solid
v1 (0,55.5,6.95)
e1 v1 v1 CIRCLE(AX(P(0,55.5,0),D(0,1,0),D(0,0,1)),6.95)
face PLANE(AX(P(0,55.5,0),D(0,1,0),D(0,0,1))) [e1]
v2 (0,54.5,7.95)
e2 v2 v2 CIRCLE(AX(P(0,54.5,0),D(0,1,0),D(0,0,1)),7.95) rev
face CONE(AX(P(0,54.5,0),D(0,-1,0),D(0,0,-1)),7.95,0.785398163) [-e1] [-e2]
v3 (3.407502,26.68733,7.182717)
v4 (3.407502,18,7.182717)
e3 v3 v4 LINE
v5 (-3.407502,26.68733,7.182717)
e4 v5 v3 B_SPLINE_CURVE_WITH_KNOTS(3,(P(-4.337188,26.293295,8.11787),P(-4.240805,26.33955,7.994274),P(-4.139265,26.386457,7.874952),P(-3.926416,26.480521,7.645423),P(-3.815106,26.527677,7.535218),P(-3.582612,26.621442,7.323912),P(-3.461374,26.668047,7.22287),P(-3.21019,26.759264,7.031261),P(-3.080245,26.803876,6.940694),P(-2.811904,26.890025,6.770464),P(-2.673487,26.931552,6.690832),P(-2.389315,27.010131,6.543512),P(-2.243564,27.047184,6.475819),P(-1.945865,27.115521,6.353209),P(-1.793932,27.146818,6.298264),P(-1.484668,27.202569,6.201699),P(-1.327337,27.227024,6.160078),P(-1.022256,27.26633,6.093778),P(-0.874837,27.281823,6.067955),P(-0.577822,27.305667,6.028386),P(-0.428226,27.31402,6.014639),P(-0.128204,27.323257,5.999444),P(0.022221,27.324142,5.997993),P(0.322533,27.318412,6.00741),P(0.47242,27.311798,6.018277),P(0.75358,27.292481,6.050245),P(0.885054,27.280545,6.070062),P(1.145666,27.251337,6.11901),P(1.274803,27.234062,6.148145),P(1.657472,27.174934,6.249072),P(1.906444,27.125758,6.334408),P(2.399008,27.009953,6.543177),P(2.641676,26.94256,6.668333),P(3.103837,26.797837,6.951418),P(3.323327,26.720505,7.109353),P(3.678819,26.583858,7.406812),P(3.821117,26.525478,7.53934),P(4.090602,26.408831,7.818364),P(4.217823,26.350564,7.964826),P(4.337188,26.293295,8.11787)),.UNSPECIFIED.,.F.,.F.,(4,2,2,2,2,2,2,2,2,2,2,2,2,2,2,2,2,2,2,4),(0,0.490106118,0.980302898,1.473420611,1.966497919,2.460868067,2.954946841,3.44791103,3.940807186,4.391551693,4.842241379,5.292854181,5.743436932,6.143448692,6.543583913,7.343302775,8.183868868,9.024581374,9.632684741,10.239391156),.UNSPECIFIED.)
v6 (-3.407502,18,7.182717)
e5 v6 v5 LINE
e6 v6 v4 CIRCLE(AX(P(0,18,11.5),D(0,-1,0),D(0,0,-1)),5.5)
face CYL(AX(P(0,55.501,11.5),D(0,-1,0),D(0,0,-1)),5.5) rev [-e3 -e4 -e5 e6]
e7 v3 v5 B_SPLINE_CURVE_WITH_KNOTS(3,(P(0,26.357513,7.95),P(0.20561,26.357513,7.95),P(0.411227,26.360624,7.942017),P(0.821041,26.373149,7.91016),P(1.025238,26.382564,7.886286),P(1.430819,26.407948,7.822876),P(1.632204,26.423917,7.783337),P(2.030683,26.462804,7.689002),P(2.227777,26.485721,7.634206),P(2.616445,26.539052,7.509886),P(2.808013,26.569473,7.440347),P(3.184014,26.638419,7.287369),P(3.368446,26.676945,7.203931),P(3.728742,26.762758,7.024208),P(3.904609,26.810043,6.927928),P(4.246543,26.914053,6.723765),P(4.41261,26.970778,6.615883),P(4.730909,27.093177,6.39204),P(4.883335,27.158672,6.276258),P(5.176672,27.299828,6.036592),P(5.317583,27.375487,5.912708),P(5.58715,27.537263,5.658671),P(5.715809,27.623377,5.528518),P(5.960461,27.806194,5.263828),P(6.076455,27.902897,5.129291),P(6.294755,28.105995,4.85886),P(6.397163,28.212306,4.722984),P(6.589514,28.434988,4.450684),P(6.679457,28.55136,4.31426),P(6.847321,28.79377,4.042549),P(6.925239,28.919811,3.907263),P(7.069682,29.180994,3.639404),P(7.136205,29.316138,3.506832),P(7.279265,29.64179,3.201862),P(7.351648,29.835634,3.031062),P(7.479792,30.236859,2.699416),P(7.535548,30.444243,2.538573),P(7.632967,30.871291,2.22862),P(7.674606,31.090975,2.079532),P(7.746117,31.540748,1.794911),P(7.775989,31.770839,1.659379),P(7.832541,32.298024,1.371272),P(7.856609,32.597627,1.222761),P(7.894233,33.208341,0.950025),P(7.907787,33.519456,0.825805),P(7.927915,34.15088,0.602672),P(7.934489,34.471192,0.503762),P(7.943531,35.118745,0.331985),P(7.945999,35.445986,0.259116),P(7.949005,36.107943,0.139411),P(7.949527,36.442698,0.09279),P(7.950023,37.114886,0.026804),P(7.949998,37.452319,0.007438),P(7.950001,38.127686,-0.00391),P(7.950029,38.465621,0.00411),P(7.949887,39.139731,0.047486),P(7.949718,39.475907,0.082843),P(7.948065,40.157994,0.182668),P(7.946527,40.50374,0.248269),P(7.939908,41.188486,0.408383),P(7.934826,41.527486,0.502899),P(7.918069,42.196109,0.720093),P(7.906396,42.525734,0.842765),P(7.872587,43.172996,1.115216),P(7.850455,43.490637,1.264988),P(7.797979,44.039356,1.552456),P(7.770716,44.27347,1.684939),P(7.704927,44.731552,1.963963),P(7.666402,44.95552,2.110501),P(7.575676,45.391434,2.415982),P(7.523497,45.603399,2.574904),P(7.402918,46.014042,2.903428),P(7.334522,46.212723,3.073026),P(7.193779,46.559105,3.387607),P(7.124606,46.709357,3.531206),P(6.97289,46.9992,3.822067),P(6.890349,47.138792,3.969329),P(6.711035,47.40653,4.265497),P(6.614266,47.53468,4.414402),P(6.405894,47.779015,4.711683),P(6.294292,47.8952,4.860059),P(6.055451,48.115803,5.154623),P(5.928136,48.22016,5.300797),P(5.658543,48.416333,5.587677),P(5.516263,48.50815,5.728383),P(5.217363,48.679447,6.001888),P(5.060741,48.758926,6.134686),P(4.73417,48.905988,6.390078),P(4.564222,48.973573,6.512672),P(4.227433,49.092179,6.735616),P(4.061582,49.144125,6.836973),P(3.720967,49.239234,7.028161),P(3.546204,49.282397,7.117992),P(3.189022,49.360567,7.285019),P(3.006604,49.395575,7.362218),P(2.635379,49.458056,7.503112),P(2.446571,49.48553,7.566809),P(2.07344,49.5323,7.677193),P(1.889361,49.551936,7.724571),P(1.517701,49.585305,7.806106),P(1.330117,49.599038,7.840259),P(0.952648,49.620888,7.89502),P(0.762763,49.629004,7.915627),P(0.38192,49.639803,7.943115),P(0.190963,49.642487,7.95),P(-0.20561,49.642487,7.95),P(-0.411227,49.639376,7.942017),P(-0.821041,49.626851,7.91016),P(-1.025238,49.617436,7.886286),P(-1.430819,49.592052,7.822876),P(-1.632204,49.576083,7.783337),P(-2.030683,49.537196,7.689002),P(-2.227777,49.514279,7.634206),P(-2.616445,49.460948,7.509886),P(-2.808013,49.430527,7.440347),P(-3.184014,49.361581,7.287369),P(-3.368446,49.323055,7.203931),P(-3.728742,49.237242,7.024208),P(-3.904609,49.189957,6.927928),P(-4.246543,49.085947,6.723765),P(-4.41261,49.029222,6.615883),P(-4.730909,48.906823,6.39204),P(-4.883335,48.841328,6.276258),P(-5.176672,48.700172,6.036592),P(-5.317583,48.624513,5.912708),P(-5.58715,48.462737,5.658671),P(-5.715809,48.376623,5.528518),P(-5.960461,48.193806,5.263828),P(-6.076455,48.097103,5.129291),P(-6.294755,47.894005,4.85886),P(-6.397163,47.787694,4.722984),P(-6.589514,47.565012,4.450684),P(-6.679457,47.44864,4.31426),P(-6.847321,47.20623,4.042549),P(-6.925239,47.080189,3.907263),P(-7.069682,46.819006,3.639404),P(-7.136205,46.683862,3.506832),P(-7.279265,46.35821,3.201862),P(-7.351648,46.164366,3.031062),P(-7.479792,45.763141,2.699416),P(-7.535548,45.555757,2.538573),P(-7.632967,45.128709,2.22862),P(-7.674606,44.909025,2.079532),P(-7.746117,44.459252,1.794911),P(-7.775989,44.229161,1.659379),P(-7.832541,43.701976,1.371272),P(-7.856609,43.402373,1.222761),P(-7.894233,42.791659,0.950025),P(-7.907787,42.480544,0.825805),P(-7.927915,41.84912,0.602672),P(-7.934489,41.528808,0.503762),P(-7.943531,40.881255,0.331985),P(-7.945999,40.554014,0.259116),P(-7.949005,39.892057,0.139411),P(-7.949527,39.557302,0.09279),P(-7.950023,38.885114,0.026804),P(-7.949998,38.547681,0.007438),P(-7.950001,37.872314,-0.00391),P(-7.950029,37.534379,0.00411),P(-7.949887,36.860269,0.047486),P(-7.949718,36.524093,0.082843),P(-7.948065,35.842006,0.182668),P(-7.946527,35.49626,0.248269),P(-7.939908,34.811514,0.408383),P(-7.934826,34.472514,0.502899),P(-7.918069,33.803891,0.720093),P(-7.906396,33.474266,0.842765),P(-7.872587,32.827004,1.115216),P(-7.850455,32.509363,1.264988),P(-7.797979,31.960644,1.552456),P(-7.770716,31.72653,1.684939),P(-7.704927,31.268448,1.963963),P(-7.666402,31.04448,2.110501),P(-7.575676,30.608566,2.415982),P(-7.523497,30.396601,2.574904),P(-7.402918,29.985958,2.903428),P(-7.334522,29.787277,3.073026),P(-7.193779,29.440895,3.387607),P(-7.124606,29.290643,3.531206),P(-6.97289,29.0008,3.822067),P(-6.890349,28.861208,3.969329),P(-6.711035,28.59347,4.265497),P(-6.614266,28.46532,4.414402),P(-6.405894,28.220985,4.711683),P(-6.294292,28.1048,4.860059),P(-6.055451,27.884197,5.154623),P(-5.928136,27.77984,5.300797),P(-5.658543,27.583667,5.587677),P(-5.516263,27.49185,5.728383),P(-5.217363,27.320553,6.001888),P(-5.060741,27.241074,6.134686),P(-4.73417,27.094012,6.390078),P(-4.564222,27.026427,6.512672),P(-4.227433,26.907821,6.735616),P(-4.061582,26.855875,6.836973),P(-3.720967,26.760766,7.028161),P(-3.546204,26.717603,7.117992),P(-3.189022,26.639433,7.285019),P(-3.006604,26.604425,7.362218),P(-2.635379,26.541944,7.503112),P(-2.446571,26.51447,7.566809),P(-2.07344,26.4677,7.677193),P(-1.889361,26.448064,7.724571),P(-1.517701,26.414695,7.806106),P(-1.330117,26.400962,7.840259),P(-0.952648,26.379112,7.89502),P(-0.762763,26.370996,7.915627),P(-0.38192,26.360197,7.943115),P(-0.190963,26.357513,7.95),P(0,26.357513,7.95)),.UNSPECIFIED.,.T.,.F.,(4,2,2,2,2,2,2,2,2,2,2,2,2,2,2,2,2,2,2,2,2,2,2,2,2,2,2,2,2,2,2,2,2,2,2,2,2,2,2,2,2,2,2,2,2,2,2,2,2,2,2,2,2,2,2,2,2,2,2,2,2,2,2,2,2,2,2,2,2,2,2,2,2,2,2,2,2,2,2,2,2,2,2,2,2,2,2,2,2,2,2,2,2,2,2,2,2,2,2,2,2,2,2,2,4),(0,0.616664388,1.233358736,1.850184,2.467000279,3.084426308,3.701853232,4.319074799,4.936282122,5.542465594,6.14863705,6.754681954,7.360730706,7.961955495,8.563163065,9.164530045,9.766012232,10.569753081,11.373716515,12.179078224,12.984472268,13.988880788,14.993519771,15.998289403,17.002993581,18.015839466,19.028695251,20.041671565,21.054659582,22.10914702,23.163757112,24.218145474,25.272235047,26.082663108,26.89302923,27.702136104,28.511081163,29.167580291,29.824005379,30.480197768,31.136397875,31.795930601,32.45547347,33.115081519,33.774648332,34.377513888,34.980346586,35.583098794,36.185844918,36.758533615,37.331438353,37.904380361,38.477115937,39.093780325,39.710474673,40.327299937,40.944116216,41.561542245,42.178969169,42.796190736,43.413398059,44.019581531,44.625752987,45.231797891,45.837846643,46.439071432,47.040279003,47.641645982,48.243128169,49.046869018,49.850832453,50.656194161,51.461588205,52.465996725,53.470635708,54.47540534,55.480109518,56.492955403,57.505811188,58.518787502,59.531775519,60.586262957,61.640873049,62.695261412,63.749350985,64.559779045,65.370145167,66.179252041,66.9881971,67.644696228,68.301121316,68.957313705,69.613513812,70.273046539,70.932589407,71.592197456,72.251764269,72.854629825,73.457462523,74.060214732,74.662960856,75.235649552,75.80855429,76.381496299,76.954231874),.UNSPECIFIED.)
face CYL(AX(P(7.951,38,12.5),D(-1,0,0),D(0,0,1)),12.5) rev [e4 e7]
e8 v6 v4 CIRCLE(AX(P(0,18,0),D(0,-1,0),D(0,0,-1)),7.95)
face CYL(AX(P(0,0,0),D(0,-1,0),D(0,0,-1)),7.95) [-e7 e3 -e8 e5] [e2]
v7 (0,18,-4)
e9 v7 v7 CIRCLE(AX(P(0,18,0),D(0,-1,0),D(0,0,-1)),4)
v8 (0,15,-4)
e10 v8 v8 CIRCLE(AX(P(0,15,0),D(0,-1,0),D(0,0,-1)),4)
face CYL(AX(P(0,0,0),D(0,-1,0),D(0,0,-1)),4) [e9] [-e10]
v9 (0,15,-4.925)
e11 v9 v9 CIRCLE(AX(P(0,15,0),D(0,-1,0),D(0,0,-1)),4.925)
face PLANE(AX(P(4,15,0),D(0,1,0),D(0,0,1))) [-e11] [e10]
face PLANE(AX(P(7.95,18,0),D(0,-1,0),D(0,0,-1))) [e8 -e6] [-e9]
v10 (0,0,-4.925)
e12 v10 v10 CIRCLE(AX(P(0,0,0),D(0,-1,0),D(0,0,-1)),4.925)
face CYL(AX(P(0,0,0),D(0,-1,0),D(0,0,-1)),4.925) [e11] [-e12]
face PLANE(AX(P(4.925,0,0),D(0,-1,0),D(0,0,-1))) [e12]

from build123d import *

# Parameters (mm, degrees)
CUT_EXTRUDE1_REACH             = 58.627
SKETCH2_R                      = 12.5
CUT_EXTRUDE1_DIRECTION_2_REACH = 58.627
CUT_EXTRUDE2_REACH             = 41.149
CUT_EXTRUDE2_END_RADIUS        = 12.5
SKETCH3_R                      = 5.5
CHAMFER1_SIZE                  = 1


with BuildPart() as part:
    # Sketch1 → Revolve1 (revolve)
    with BuildSketch(Plane.XY, mode=Mode.PRIVATE) as revolve1_sk:
        Polygon((0, 55.5), (7.95, 55.5), (7.95, 18), (4, 18), (4, 15), (4.925, 15), (4.925, 0), (0, 0), align=None)
    revolve(revolve1_sk.sketch.rotate(Axis((0, 0, 0), (0, 1, 0)), 90), axis=Axis((0, 0, 0), (0, 1, 0)))

    # Sketch2 → Cut-Extrude1 (cut, up to next)
    with BuildSketch(Plane(origin=(0, 0, 0), x_dir=(0, 0, -1), z_dir=(1, 0, 0)), mode=Mode.PRIVATE) as cut_extrude1_sk1:
        with Locations((-12.5, 38)):
            Circle(SKETCH2_R)
    cut_extrude1_tool1 = extrude(cut_extrude1_sk1.sketch, amount=-CUT_EXTRUDE1_REACH, mode=Mode.PRIVATE) & part.part
    add(cut_extrude1_tool1.solids().sort_by_distance((0, 38, 12.5))[0], mode=Mode.SUBTRACT)

    # Sketch2 → Cut-Extrude1 direction 2 (cut, up to next)
    with BuildSketch(Plane(origin=(0, 0, 0), x_dir=(0, 0, -1), z_dir=(1, 0, 0)), mode=Mode.PRIVATE) as cut_extrude1_direction_2_sk1:
        with Locations((-12.5, 38)):
            Circle(SKETCH2_R)
    cut_extrude1_direction_2_tool1 = extrude(cut_extrude1_direction_2_sk1.sketch, amount=CUT_EXTRUDE1_DIRECTION_2_REACH, mode=Mode.PRIVATE) & part.part
    add(cut_extrude1_direction_2_tool1.solids().sort_by_distance((0, 38, 12.5))[0], mode=Mode.SUBTRACT)

    # Cut-Extrude2: up to this cylinder (the profile starts outside it)
    cut_extrude2_end = Plane(origin=(0, 38, 12.5), z_dir=(-1, 0, 0)) * Cylinder(CUT_EXTRUDE2_END_RADIUS, 108.298, mode=Mode.PRIVATE)
    # Sketch3 → Cut-Extrude2 (cut, up to the surface)
    with BuildSketch(Plane.XZ.offset(-18), mode=Mode.PRIVATE) as cut_extrude2_sk1:
        with Locations((0, 11.5)):
            Circle(SKETCH3_R)
    cut_extrude2_tool1 = extrude(cut_extrude2_sk1.sketch, amount=-CUT_EXTRUDE2_REACH, mode=Mode.PRIVATE) - cut_extrude2_end
    add(cut_extrude2_tool1.solids().sort_by_distance((0, 18, 11.5))[0], mode=Mode.SUBTRACT)

    # Chamfer1
    chamfer1_edges = [part.edges().sort_by_distance(p)[0] for p in [
        (0, 55.5, 7.95),
    ]]
    chamfer(chamfer1_edges, length=CHAMFER1_SIZE)


solid = part.part
